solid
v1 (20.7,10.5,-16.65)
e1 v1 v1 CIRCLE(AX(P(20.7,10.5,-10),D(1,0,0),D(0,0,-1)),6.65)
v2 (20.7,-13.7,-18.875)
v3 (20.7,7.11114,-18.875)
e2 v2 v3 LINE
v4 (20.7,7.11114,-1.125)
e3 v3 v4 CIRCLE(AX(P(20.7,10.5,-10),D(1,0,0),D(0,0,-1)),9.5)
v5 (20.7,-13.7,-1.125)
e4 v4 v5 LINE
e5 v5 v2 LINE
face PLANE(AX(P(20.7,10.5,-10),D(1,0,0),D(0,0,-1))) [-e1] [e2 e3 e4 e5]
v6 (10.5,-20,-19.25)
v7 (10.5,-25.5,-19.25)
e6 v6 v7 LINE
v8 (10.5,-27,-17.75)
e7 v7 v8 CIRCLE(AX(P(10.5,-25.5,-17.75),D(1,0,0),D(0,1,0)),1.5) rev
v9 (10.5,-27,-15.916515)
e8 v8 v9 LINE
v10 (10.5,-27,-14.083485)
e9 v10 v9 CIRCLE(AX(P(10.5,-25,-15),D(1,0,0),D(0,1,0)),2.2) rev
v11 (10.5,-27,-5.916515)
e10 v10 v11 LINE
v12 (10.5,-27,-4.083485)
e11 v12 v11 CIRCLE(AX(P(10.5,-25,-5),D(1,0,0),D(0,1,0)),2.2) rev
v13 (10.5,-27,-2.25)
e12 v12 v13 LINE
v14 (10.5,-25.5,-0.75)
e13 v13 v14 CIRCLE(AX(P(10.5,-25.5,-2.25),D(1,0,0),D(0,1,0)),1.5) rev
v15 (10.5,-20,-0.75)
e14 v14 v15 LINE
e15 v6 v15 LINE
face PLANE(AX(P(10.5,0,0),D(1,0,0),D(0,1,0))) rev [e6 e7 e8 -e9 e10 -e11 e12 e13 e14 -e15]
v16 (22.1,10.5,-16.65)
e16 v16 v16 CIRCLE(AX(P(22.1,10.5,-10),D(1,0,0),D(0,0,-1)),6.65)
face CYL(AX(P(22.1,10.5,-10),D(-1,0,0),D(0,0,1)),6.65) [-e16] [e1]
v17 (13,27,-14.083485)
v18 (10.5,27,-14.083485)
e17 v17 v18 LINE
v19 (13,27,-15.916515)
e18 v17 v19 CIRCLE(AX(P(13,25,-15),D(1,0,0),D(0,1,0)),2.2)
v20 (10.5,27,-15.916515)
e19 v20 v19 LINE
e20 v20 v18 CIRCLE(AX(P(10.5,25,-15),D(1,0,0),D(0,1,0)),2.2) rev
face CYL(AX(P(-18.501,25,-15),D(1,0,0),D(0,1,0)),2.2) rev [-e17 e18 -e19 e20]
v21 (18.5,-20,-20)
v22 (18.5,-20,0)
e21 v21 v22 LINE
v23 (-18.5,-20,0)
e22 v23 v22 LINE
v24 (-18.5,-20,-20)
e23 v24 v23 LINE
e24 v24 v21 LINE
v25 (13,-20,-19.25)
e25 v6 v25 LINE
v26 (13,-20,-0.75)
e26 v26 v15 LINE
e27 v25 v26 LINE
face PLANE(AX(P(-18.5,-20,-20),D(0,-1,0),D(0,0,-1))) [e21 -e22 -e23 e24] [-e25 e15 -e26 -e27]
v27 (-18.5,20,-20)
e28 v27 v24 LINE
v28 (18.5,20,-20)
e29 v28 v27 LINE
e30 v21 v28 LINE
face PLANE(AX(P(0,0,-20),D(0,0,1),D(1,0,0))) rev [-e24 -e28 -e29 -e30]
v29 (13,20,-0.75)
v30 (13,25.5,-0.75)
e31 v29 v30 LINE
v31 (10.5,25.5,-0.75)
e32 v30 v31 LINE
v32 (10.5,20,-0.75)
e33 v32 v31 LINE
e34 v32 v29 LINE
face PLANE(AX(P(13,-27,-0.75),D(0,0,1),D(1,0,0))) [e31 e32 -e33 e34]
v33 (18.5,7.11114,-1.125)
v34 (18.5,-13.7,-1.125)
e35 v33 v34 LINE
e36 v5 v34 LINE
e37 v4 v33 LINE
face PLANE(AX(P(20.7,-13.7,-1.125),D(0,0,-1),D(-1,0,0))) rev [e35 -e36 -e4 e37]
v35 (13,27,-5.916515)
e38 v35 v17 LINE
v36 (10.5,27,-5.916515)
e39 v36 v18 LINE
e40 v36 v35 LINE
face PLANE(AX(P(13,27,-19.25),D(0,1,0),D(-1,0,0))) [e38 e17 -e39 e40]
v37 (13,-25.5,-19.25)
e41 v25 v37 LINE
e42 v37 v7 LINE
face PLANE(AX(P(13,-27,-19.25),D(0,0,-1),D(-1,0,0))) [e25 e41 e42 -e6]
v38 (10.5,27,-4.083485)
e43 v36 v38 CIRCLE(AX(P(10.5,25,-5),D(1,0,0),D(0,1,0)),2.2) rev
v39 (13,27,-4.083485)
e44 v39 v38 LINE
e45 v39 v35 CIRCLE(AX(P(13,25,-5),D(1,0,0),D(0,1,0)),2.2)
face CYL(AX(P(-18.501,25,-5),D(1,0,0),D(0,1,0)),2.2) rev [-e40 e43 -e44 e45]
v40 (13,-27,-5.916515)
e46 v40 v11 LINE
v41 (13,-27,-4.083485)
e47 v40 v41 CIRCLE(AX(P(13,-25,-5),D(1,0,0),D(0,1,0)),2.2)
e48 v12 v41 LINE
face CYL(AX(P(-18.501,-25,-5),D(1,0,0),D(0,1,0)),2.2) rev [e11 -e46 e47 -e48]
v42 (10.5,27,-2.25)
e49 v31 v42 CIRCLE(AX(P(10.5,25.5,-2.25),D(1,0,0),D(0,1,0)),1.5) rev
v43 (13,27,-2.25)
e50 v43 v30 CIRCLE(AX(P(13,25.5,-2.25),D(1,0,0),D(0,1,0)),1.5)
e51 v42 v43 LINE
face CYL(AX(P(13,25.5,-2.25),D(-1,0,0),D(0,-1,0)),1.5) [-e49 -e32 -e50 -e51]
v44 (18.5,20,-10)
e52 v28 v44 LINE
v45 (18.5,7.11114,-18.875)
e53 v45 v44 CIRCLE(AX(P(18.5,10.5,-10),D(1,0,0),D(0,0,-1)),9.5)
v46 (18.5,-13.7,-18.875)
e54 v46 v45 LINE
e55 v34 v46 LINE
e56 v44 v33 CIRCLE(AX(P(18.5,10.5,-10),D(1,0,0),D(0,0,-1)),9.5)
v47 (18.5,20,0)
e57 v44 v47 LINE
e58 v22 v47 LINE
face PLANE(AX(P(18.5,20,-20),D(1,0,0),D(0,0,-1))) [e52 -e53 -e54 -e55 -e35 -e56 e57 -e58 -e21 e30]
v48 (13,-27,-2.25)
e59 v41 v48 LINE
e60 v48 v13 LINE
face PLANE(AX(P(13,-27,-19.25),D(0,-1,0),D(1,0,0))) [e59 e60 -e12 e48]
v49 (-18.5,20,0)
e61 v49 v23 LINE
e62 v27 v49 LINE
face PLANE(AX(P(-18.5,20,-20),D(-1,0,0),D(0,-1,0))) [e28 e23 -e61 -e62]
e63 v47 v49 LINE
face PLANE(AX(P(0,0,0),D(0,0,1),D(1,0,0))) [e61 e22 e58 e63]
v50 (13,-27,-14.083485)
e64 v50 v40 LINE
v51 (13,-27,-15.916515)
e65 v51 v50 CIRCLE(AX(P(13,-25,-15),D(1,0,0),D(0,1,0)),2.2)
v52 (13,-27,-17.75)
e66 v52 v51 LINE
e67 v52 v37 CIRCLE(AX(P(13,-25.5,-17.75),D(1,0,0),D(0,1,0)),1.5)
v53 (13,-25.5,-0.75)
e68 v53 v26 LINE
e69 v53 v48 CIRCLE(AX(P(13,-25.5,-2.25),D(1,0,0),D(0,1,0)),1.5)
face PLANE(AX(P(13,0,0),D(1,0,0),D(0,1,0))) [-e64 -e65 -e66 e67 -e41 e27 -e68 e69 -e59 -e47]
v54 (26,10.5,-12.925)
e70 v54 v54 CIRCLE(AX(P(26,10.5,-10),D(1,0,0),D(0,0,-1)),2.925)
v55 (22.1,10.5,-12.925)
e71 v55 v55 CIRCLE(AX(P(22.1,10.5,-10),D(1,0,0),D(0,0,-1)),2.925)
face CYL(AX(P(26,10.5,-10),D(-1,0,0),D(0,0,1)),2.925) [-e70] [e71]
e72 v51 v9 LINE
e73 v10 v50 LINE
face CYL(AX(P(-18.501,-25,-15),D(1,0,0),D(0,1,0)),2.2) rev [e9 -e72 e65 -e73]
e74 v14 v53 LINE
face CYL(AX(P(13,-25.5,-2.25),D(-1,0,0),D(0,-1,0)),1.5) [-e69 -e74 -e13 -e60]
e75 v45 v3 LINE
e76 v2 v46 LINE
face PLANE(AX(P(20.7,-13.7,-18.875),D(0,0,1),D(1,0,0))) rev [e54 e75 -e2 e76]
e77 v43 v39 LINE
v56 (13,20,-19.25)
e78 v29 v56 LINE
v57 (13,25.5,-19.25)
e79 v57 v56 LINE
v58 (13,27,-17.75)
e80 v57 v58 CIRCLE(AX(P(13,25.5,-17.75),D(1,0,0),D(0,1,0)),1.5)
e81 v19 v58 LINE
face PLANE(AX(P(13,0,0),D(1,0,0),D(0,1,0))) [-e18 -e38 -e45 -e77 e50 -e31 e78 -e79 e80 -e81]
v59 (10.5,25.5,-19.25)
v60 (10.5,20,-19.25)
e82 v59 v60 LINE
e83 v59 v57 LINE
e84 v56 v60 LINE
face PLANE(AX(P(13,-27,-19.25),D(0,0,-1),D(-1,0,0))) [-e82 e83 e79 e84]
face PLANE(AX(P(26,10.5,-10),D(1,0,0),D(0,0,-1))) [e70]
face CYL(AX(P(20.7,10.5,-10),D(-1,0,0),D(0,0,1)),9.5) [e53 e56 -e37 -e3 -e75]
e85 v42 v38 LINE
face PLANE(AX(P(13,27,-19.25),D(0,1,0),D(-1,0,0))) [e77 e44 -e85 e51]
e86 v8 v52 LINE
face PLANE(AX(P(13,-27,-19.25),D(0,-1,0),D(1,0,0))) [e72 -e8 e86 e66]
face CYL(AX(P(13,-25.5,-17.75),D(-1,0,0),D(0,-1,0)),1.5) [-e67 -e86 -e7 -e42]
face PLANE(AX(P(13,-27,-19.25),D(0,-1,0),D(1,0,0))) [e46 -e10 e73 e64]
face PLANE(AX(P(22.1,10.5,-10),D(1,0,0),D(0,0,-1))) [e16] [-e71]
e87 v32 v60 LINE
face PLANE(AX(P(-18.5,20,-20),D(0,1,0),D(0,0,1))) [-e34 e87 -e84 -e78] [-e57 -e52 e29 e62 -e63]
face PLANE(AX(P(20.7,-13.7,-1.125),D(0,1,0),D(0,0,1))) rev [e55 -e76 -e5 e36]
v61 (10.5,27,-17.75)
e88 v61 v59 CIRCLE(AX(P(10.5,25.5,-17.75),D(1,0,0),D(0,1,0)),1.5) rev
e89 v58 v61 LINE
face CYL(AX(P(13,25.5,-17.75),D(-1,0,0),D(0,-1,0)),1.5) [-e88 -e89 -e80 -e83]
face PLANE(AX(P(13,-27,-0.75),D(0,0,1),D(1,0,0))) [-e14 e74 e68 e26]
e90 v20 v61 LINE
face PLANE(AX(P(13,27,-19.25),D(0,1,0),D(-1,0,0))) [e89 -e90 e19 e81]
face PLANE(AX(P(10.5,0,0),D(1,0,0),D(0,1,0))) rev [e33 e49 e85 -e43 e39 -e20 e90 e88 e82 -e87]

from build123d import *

# Parameters (mm, degrees)
SKETCH1_W           = 37
SKETCH1_H           = 40
BOSS_EXTRUDE1_DEPTH = 20
SKETCH2_W           = 18.5
SKETCH2_H           = 54
BOSS_EXTRUDE2_DEPTH = 2.5
FILLET1_R           = 1.5
CUT_EXTRUDE1_REACH  = 48.057
SKETCH3_R           = 2.2
SKETCH4_R           = 9.5
BOSS_EXTRUDE3_DEPTH = 2.2
SKETCH5_W           = 17.75
SKETCH5_H           = 23.804167323
BOSS_EXTRUDE4_DEPTH = 2.2
SKETCH6_R           = 6.65
BOSS_EXTRUDE5_DEPTH = 1.4
SKETCH7_R           = 2.925
BOSS_EXTRUDE6_DEPTH = 3.9


with BuildPart() as part:
    # Sketch1 → Boss-Extrude1 (new body)
    with BuildSketch(Plane.XY):
        Rectangle(SKETCH1_W, SKETCH1_H)
    extrude(amount=-BOSS_EXTRUDE1_DEPTH)

    # Sketch2 → Boss-Extrude2 (add)
    with BuildSketch(Plane.ZY.offset(-10.5)):
        with Locations((-10, 0)):
            Rectangle(SKETCH2_W, SKETCH2_H)
    extrude(amount=-BOSS_EXTRUDE2_DEPTH)

    # Fillet1
    fillet1_edges = [part.edges().sort_by_distance(p)[0] for p in [
        (11.75, -27, -19.25),
        (11.75, 27, -0.75),
        (11.75, -27, -0.75),
        (11.75, 27, -19.25),
    ]]
    fillet(fillet1_edges, radius=FILLET1_R)

    # Sketch3 → Cut-Extrude1 (cut, up to next)
    with BuildSketch(Plane(origin=(13, 0, 0), x_dir=(0, 0, -1), z_dir=(1, 0, 0)), mode=Mode.PRIVATE) as cut_extrude1_sk1:
        with Locations((5, 25)):
            Circle(SKETCH3_R)
    cut_extrude1_tool1 = extrude(cut_extrude1_sk1.sketch, amount=-CUT_EXTRUDE1_REACH, mode=Mode.PRIVATE) & part.part
    # Sketch3 → Cut-Extrude1 (cut, up to next)
    with BuildSketch(Plane(origin=(13, 0, 0), x_dir=(0, 0, -1), z_dir=(1, 0, 0)), mode=Mode.PRIVATE) as cut_extrude1_sk2:
        with Locations((15, 25)):
            Circle(SKETCH3_R)
    cut_extrude1_tool2 = extrude(cut_extrude1_sk2.sketch, amount=-CUT_EXTRUDE1_REACH, mode=Mode.PRIVATE) & part.part
    # Sketch3 → Cut-Extrude1 (cut, up to next)
    with BuildSketch(Plane(origin=(13, 0, 0), x_dir=(0, 0, -1), z_dir=(1, 0, 0)), mode=Mode.PRIVATE) as cut_extrude1_sk3:
        with Locations((5, -25)):
            Circle(SKETCH3_R)
    cut_extrude1_tool3 = extrude(cut_extrude1_sk3.sketch, amount=-CUT_EXTRUDE1_REACH, mode=Mode.PRIVATE) & part.part
    # Sketch3 → Cut-Extrude1 (cut, up to next)
    with BuildSketch(Plane(origin=(13, 0, 0), x_dir=(0, 0, -1), z_dir=(1, 0, 0)), mode=Mode.PRIVATE) as cut_extrude1_sk4:
        with Locations((15, -25)):
            Circle(SKETCH3_R)
    cut_extrude1_tool4 = extrude(cut_extrude1_sk4.sketch, amount=-CUT_EXTRUDE1_REACH, mode=Mode.PRIVATE) & part.part
    add(cut_extrude1_tool1.solids().sort_by_distance((13, 25, -5))[0], mode=Mode.SUBTRACT)
    add(cut_extrude1_tool2.solids().sort_by_distance((13, 25, -15))[0], mode=Mode.SUBTRACT)
    add(cut_extrude1_tool3.solids().sort_by_distance((13, -25, -5))[0], mode=Mode.SUBTRACT)
    add(cut_extrude1_tool4.solids().sort_by_distance((13, -25, -15))[0], mode=Mode.SUBTRACT)

    # Sketch4 → Boss-Extrude3 (add)
    with BuildSketch(Plane(origin=(18.5, 0, 0), x_dir=(0, 0, -1), z_dir=(1, 0, 0))):
        with Locations(Location((10, 10.5, 0), (0, 0, 90))):
            Circle(SKETCH4_R)
    extrude(amount=BOSS_EXTRUDE3_DEPTH)

    # Sketch5 → Boss-Extrude4 (add)
    with BuildSketch(Plane(origin=(18.5, 0, 0), x_dir=(0, 0, -1), z_dir=(1, 0, 0))):
        with Locations((10, -1.797916339)):
            Rectangle(SKETCH5_W, SKETCH5_H)
    extrude(amount=BOSS_EXTRUDE4_DEPTH)

    # Sketch6 → Boss-Extrude5 (add)
    with BuildSketch(Plane(origin=(20.7, 0, 0), x_dir=(0, 0, -1), z_dir=(1, 0, 0))):
        with Locations((10, 10.5)):
            Circle(SKETCH6_R)
    extrude(amount=BOSS_EXTRUDE5_DEPTH)

    # Sketch7 → Boss-Extrude6 (add)
    with BuildSketch(Plane(origin=(22.1, 0, 0), x_dir=(0, 0, -1), z_dir=(1, 0, 0))):
        with Locations((10, 10.5)):
            Circle(SKETCH7_R)
    extrude(amount=BOSS_EXTRUDE6_DEPTH)


solid = part.part
